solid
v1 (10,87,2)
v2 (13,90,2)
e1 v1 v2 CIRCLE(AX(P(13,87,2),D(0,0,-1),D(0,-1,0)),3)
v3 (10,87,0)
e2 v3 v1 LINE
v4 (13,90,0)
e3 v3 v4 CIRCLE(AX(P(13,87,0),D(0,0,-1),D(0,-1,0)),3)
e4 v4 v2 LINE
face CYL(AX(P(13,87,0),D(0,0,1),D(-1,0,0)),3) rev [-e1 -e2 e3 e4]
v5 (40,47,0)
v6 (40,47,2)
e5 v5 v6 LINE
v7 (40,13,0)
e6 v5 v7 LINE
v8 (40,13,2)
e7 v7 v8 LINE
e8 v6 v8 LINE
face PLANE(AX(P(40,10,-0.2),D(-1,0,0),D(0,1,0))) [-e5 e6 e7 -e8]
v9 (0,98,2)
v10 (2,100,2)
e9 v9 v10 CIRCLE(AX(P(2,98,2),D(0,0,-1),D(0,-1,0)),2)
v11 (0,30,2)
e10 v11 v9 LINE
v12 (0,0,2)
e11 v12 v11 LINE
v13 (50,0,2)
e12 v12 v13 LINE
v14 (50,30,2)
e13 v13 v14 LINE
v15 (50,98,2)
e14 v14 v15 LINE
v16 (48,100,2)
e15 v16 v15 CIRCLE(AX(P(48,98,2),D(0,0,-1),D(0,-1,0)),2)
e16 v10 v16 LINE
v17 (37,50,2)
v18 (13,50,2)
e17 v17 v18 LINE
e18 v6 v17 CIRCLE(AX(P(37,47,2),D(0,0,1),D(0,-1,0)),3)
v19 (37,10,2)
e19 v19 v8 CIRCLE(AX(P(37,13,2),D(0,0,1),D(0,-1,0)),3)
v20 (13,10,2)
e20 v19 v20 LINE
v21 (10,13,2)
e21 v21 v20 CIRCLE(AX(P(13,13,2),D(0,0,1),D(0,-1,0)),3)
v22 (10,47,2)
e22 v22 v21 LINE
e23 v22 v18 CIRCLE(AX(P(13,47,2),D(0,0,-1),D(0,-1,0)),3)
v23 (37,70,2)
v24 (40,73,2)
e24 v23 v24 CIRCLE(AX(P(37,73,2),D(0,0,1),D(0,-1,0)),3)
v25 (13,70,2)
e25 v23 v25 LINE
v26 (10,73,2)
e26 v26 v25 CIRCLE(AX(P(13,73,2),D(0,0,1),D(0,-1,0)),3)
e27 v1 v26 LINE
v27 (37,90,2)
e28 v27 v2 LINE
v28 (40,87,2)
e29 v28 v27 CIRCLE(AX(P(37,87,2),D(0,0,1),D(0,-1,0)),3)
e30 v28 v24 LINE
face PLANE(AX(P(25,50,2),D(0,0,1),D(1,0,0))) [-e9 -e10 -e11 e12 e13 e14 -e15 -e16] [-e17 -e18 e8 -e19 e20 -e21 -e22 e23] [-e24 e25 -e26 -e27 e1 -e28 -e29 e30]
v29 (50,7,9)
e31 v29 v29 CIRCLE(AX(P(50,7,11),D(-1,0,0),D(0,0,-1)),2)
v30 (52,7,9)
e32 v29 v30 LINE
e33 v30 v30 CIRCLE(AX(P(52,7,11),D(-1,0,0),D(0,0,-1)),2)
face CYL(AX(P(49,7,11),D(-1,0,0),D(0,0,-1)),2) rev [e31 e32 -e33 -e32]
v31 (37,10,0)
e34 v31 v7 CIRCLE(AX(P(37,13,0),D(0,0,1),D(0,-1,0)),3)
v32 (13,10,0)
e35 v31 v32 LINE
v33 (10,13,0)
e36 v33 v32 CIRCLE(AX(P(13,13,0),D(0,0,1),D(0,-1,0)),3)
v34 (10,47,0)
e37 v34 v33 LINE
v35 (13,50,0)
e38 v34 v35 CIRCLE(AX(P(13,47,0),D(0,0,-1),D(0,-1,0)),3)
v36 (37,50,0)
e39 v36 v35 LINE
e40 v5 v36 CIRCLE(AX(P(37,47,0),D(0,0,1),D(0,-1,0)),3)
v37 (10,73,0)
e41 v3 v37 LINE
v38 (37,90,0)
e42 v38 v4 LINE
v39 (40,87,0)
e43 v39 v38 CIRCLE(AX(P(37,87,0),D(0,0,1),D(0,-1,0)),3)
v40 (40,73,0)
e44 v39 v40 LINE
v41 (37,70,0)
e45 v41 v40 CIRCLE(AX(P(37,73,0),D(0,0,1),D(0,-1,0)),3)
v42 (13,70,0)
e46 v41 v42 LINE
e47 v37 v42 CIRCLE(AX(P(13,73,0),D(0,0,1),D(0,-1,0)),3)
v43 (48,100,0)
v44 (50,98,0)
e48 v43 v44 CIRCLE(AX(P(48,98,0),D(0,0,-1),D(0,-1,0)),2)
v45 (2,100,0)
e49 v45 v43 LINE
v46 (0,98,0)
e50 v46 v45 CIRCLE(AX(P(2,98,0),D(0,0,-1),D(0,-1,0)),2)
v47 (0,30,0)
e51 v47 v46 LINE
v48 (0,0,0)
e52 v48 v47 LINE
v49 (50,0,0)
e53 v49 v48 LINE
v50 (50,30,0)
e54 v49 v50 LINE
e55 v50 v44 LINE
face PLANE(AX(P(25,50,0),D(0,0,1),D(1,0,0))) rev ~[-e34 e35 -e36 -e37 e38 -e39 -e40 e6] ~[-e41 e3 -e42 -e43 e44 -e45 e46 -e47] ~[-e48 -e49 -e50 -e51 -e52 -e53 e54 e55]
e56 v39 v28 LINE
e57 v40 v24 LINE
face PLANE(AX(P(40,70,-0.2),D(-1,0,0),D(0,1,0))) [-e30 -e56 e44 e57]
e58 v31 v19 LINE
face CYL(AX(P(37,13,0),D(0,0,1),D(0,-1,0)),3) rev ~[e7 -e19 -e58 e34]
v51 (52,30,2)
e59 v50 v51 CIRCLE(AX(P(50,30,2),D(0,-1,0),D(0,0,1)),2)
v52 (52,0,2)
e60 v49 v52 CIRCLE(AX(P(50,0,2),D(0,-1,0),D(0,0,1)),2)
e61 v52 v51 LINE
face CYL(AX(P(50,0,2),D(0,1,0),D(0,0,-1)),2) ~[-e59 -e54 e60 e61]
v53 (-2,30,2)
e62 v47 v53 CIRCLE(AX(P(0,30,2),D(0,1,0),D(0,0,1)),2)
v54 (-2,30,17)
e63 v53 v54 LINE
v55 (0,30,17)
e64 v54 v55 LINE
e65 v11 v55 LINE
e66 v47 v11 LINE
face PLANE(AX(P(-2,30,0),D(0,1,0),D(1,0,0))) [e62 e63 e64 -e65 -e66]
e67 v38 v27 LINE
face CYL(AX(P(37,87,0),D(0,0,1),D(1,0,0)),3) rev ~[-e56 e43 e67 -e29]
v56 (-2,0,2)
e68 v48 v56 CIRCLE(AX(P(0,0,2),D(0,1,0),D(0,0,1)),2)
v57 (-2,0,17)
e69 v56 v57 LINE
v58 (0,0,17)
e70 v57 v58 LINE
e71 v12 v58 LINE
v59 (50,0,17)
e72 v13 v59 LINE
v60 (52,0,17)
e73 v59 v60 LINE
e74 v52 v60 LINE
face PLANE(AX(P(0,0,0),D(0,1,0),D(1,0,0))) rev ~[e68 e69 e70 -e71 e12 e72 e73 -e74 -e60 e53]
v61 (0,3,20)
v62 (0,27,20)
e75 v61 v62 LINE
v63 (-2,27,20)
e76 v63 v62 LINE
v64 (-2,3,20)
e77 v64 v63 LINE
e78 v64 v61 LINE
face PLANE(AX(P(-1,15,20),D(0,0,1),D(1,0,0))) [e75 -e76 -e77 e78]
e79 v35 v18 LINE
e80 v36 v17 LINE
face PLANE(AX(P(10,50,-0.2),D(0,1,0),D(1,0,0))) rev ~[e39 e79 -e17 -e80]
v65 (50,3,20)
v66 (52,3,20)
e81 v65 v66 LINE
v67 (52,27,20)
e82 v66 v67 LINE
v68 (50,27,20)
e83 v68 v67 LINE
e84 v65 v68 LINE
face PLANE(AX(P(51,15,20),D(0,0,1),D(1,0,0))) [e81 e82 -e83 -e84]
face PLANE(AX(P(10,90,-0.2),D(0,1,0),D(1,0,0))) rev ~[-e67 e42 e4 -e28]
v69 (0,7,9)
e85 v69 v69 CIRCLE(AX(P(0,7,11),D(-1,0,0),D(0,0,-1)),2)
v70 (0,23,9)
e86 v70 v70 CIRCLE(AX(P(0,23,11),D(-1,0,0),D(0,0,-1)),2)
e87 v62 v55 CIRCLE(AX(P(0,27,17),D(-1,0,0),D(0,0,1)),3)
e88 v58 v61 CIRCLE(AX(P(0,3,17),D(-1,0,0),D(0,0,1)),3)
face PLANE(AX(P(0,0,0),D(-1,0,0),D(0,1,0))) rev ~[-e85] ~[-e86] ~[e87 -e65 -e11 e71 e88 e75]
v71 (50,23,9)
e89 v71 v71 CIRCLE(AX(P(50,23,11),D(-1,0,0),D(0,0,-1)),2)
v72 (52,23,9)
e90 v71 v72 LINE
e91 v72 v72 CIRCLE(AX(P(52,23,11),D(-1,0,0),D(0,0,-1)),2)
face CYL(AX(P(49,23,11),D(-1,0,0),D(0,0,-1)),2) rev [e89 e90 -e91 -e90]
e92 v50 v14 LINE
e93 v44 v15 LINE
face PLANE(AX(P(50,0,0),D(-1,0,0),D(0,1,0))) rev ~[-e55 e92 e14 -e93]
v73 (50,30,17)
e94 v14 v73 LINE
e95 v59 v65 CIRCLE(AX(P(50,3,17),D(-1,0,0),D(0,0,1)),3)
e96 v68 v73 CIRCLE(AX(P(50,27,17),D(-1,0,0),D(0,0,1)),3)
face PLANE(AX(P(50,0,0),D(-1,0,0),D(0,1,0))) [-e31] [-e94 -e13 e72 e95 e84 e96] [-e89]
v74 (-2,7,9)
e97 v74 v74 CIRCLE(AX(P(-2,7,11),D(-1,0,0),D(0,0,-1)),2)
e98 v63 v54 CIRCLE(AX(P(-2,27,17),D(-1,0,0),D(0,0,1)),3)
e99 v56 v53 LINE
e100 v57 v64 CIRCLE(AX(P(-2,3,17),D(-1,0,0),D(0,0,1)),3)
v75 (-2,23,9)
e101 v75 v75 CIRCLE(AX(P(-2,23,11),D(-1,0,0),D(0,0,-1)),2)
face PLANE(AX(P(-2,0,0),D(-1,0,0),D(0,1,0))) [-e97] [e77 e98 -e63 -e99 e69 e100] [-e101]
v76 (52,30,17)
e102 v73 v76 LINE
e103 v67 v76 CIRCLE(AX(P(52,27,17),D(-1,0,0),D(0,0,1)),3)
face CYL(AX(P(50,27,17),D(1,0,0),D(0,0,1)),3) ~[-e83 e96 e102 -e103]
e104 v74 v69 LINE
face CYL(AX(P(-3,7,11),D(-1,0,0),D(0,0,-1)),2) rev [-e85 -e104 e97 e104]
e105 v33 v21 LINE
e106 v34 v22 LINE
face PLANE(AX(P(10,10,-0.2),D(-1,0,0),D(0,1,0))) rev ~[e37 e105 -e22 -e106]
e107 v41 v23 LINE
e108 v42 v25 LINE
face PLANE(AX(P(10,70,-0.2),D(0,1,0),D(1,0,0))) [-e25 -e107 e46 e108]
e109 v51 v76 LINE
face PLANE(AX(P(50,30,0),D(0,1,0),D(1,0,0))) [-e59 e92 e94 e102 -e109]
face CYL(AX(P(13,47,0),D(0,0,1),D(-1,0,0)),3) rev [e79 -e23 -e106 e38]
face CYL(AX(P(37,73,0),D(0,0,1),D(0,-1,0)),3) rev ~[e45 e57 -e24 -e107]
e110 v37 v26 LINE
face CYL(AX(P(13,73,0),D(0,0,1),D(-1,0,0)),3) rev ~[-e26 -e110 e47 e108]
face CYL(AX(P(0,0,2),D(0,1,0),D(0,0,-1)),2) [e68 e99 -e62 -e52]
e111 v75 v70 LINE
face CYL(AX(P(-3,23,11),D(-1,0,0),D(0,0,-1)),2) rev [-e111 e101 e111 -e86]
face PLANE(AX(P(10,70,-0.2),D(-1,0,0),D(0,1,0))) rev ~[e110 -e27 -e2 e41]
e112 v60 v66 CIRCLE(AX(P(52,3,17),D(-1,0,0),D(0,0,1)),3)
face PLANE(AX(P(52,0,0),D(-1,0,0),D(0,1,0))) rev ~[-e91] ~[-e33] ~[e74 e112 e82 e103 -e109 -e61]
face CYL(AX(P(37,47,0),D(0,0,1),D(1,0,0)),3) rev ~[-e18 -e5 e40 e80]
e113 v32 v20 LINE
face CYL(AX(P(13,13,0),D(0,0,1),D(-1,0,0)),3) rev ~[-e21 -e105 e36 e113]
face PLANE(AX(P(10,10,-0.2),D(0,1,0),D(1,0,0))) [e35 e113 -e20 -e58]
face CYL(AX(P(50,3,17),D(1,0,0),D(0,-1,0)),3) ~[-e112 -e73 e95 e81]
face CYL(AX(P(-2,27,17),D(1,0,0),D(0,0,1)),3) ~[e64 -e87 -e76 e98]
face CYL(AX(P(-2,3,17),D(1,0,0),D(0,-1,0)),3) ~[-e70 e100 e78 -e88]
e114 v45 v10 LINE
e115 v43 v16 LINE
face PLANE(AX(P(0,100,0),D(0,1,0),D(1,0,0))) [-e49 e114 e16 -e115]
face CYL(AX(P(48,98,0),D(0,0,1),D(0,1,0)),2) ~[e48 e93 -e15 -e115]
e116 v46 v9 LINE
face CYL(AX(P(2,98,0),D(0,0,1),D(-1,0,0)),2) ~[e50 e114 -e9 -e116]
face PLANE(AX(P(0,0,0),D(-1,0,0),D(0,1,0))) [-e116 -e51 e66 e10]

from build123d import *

# Parameters (mm, degrees)
CYLINDER001_R     = 2
CYLINDER001_DEPTH = 4
CYLINDER_R        = 2
CYLINDER_DEPTH    = 4
BOX003_W          = 2
BOX003_H          = 30
BOX003_DEPTH      = 20
FILLET_R          = 3
BOX002_W          = 30
BOX002_H          = 40
BOX002_DEPTH      = 2.4
BOX001_W          = 30
BOX001_H          = 20
BOX001_DEPTH      = 2.4
BOX_W             = 50
BOX_H             = 100
BOX_DEPTH         = 2
FILLET002_R       = 3
FILLET003_R       = 2
CYLINDER003_R     = 2
CYLINDER003_DEPTH = 4
CYLINDER002_R     = 2
CYLINDER002_DEPTH = 4
BOX004_W          = 2
BOX004_H          = 30
BOX004_DEPTH      = 20
FILLET001_R       = 3
FILLET004_R       = 2


with BuildPart() as cylinder001:
    # Cylinder001 → Cylinder001 (new body)
    with BuildSketch(Plane(origin=(-3, 23, 11), x_dir=(0, 0, -1), z_dir=(1, 0, 0))):
        Circle(CYLINDER001_R)
    extrude(amount=CYLINDER001_DEPTH)


with BuildPart() as fusion001:
    # Cylinder → Cylinder (new body)
    with BuildSketch(Plane(origin=(-3, 7, 11), x_dir=(0, 0, -1), z_dir=(1, 0, 0))):
        Circle(CYLINDER_R)
    extrude(amount=CYLINDER_DEPTH)

    # Fusion001: union Cylinder001
    add(cylinder001.part)


with BuildPart() as ala_izquierda_redondeada:
    # Box003 → Box003 (new body)
    with BuildSketch(Plane(origin=(-2, 0, 0), x_dir=(1, 0, 0), z_dir=(0, 0, 1))):
        with Locations((1, 15)):
            Rectangle(BOX003_W, BOX003_H)
    extrude(amount=BOX003_DEPTH)

    # Cut001: cut Fusion001
    add(fusion001.part, mode=Mode.SUBTRACT)

    # Fillet
    fillet_edges = [ala_izquierda_redondeada.edges().sort_by_distance(p)[0] for p in [
        (-1, 0, 20),
        (-1, 30, 20),
    ]]
    fillet(fillet_edges, radius=FILLET_R)


with BuildPart() as hueco_inferior_40x30:
    # Box002 → Box002 (new body)
    with BuildSketch(Plane(origin=(10, 10, -0.2), x_dir=(1, 0, 0), z_dir=(0, 0, 1))):
        with Locations((15, 20)):
            Rectangle(BOX002_W, BOX002_H)
    extrude(amount=BOX002_DEPTH)


with BuildPart() as huecos_base:
    # Box001 → Box001 (new body)
    with BuildSketch(Plane(origin=(10, 70, -0.2), x_dir=(1, 0, 0), z_dir=(0, 0, 1))):
        with Locations((15, 10)):
            Rectangle(BOX001_W, BOX001_H)
    extrude(amount=BOX001_DEPTH)

    # Fusion: union hueco_inferior_40x30
    add(hueco_inferior_40x30.part)


with BuildPart() as base_perforada_redondeada_externo_2mm:
    # Box → Box (new body)
    with BuildSketch(Plane.XY):
        with Locations((25, 50)):
            Rectangle(BOX_W, BOX_H)
    extrude(amount=BOX_DEPTH)

    # Cut: cut huecos_base
    add(huecos_base.part, mode=Mode.SUBTRACT)

    # Fillet002
    fillet002_edges = [base_perforada_redondeada_externo_2mm.edges().sort_by_distance(p)[0] for p in [
        (40, 70, 1),
        (10, 70, 1),
        (40, 90, 1),
        (10, 90, 1),
        (40, 10, 1),
        (10, 10, 1),
        (40, 50, 1),
        (10, 50, 1),
    ]]
    fillet(fillet002_edges, radius=FILLET002_R)

    # Fillet003
    fillet003_edges = [base_perforada_redondeada_externo_2mm.edges().sort_by_distance(p)[0] for p in [
        (0, 100, 1),
        (50, 100, 1),
    ]]
    fillet(fillet003_edges, radius=FILLET003_R)


with BuildPart() as cylinder003:
    # Cylinder003 → Cylinder003 (new body)
    with BuildSketch(Plane(origin=(-3, 23, 11), x_dir=(0, 0, -1), z_dir=(1, 0, 0))):
        Circle(CYLINDER003_R)
    extrude(amount=CYLINDER003_DEPTH)


with BuildPart() as fusion002:
    # Cylinder002 → Cylinder002 (new body)
    with BuildSketch(Plane(origin=(-3, 7, 11), x_dir=(0, 0, -1), z_dir=(1, 0, 0))):
        Circle(CYLINDER002_R)
    extrude(amount=CYLINDER002_DEPTH)

    # Fusion002: union Cylinder003
    add(cylinder003.part)


with BuildPart() as pieza_final:
    # Box004 → Box004 (new body)
    with BuildSketch(Plane(origin=(-2, 0, 0), x_dir=(1, 0, 0), z_dir=(0, 0, 1))):
        with Locations((1, 15)):
            Rectangle(BOX004_W, BOX004_H)
    extrude(amount=BOX004_DEPTH)

    # Cut002: cut Fusion002
    add(fusion002.part, mode=Mode.SUBTRACT)

    # Fillet001
    fillet001_edges = [pieza_final.edges().sort_by_distance(p)[0] for p in [
        (-1, 0, 20),
        (-1, 30, 20),
    ]]
    fillet(fillet001_edges, radius=FILLET001_R)


with BuildPart() as pieza_final_1:
    # Fillet001 placement: moved
    add(pieza_final.part.moved(Location((52, 0, 0))))

    # Fusion003: union ala_izquierda_redondeada, base_perforada_redondeada_externo_2mm
    add(ala_izquierda_redondeada.part)
    add(base_perforada_redondeada_externo_2mm.part)

    # Fillet004
    fillet004_edges = [pieza_final_1.edges().sort_by_distance(p)[0] for p in [
        (52, 15, 0),
        (-2, 15, 0),
    ]]
    fillet(fillet004_edges, radius=FILLET004_R)


solid = pieza_final_1.part
